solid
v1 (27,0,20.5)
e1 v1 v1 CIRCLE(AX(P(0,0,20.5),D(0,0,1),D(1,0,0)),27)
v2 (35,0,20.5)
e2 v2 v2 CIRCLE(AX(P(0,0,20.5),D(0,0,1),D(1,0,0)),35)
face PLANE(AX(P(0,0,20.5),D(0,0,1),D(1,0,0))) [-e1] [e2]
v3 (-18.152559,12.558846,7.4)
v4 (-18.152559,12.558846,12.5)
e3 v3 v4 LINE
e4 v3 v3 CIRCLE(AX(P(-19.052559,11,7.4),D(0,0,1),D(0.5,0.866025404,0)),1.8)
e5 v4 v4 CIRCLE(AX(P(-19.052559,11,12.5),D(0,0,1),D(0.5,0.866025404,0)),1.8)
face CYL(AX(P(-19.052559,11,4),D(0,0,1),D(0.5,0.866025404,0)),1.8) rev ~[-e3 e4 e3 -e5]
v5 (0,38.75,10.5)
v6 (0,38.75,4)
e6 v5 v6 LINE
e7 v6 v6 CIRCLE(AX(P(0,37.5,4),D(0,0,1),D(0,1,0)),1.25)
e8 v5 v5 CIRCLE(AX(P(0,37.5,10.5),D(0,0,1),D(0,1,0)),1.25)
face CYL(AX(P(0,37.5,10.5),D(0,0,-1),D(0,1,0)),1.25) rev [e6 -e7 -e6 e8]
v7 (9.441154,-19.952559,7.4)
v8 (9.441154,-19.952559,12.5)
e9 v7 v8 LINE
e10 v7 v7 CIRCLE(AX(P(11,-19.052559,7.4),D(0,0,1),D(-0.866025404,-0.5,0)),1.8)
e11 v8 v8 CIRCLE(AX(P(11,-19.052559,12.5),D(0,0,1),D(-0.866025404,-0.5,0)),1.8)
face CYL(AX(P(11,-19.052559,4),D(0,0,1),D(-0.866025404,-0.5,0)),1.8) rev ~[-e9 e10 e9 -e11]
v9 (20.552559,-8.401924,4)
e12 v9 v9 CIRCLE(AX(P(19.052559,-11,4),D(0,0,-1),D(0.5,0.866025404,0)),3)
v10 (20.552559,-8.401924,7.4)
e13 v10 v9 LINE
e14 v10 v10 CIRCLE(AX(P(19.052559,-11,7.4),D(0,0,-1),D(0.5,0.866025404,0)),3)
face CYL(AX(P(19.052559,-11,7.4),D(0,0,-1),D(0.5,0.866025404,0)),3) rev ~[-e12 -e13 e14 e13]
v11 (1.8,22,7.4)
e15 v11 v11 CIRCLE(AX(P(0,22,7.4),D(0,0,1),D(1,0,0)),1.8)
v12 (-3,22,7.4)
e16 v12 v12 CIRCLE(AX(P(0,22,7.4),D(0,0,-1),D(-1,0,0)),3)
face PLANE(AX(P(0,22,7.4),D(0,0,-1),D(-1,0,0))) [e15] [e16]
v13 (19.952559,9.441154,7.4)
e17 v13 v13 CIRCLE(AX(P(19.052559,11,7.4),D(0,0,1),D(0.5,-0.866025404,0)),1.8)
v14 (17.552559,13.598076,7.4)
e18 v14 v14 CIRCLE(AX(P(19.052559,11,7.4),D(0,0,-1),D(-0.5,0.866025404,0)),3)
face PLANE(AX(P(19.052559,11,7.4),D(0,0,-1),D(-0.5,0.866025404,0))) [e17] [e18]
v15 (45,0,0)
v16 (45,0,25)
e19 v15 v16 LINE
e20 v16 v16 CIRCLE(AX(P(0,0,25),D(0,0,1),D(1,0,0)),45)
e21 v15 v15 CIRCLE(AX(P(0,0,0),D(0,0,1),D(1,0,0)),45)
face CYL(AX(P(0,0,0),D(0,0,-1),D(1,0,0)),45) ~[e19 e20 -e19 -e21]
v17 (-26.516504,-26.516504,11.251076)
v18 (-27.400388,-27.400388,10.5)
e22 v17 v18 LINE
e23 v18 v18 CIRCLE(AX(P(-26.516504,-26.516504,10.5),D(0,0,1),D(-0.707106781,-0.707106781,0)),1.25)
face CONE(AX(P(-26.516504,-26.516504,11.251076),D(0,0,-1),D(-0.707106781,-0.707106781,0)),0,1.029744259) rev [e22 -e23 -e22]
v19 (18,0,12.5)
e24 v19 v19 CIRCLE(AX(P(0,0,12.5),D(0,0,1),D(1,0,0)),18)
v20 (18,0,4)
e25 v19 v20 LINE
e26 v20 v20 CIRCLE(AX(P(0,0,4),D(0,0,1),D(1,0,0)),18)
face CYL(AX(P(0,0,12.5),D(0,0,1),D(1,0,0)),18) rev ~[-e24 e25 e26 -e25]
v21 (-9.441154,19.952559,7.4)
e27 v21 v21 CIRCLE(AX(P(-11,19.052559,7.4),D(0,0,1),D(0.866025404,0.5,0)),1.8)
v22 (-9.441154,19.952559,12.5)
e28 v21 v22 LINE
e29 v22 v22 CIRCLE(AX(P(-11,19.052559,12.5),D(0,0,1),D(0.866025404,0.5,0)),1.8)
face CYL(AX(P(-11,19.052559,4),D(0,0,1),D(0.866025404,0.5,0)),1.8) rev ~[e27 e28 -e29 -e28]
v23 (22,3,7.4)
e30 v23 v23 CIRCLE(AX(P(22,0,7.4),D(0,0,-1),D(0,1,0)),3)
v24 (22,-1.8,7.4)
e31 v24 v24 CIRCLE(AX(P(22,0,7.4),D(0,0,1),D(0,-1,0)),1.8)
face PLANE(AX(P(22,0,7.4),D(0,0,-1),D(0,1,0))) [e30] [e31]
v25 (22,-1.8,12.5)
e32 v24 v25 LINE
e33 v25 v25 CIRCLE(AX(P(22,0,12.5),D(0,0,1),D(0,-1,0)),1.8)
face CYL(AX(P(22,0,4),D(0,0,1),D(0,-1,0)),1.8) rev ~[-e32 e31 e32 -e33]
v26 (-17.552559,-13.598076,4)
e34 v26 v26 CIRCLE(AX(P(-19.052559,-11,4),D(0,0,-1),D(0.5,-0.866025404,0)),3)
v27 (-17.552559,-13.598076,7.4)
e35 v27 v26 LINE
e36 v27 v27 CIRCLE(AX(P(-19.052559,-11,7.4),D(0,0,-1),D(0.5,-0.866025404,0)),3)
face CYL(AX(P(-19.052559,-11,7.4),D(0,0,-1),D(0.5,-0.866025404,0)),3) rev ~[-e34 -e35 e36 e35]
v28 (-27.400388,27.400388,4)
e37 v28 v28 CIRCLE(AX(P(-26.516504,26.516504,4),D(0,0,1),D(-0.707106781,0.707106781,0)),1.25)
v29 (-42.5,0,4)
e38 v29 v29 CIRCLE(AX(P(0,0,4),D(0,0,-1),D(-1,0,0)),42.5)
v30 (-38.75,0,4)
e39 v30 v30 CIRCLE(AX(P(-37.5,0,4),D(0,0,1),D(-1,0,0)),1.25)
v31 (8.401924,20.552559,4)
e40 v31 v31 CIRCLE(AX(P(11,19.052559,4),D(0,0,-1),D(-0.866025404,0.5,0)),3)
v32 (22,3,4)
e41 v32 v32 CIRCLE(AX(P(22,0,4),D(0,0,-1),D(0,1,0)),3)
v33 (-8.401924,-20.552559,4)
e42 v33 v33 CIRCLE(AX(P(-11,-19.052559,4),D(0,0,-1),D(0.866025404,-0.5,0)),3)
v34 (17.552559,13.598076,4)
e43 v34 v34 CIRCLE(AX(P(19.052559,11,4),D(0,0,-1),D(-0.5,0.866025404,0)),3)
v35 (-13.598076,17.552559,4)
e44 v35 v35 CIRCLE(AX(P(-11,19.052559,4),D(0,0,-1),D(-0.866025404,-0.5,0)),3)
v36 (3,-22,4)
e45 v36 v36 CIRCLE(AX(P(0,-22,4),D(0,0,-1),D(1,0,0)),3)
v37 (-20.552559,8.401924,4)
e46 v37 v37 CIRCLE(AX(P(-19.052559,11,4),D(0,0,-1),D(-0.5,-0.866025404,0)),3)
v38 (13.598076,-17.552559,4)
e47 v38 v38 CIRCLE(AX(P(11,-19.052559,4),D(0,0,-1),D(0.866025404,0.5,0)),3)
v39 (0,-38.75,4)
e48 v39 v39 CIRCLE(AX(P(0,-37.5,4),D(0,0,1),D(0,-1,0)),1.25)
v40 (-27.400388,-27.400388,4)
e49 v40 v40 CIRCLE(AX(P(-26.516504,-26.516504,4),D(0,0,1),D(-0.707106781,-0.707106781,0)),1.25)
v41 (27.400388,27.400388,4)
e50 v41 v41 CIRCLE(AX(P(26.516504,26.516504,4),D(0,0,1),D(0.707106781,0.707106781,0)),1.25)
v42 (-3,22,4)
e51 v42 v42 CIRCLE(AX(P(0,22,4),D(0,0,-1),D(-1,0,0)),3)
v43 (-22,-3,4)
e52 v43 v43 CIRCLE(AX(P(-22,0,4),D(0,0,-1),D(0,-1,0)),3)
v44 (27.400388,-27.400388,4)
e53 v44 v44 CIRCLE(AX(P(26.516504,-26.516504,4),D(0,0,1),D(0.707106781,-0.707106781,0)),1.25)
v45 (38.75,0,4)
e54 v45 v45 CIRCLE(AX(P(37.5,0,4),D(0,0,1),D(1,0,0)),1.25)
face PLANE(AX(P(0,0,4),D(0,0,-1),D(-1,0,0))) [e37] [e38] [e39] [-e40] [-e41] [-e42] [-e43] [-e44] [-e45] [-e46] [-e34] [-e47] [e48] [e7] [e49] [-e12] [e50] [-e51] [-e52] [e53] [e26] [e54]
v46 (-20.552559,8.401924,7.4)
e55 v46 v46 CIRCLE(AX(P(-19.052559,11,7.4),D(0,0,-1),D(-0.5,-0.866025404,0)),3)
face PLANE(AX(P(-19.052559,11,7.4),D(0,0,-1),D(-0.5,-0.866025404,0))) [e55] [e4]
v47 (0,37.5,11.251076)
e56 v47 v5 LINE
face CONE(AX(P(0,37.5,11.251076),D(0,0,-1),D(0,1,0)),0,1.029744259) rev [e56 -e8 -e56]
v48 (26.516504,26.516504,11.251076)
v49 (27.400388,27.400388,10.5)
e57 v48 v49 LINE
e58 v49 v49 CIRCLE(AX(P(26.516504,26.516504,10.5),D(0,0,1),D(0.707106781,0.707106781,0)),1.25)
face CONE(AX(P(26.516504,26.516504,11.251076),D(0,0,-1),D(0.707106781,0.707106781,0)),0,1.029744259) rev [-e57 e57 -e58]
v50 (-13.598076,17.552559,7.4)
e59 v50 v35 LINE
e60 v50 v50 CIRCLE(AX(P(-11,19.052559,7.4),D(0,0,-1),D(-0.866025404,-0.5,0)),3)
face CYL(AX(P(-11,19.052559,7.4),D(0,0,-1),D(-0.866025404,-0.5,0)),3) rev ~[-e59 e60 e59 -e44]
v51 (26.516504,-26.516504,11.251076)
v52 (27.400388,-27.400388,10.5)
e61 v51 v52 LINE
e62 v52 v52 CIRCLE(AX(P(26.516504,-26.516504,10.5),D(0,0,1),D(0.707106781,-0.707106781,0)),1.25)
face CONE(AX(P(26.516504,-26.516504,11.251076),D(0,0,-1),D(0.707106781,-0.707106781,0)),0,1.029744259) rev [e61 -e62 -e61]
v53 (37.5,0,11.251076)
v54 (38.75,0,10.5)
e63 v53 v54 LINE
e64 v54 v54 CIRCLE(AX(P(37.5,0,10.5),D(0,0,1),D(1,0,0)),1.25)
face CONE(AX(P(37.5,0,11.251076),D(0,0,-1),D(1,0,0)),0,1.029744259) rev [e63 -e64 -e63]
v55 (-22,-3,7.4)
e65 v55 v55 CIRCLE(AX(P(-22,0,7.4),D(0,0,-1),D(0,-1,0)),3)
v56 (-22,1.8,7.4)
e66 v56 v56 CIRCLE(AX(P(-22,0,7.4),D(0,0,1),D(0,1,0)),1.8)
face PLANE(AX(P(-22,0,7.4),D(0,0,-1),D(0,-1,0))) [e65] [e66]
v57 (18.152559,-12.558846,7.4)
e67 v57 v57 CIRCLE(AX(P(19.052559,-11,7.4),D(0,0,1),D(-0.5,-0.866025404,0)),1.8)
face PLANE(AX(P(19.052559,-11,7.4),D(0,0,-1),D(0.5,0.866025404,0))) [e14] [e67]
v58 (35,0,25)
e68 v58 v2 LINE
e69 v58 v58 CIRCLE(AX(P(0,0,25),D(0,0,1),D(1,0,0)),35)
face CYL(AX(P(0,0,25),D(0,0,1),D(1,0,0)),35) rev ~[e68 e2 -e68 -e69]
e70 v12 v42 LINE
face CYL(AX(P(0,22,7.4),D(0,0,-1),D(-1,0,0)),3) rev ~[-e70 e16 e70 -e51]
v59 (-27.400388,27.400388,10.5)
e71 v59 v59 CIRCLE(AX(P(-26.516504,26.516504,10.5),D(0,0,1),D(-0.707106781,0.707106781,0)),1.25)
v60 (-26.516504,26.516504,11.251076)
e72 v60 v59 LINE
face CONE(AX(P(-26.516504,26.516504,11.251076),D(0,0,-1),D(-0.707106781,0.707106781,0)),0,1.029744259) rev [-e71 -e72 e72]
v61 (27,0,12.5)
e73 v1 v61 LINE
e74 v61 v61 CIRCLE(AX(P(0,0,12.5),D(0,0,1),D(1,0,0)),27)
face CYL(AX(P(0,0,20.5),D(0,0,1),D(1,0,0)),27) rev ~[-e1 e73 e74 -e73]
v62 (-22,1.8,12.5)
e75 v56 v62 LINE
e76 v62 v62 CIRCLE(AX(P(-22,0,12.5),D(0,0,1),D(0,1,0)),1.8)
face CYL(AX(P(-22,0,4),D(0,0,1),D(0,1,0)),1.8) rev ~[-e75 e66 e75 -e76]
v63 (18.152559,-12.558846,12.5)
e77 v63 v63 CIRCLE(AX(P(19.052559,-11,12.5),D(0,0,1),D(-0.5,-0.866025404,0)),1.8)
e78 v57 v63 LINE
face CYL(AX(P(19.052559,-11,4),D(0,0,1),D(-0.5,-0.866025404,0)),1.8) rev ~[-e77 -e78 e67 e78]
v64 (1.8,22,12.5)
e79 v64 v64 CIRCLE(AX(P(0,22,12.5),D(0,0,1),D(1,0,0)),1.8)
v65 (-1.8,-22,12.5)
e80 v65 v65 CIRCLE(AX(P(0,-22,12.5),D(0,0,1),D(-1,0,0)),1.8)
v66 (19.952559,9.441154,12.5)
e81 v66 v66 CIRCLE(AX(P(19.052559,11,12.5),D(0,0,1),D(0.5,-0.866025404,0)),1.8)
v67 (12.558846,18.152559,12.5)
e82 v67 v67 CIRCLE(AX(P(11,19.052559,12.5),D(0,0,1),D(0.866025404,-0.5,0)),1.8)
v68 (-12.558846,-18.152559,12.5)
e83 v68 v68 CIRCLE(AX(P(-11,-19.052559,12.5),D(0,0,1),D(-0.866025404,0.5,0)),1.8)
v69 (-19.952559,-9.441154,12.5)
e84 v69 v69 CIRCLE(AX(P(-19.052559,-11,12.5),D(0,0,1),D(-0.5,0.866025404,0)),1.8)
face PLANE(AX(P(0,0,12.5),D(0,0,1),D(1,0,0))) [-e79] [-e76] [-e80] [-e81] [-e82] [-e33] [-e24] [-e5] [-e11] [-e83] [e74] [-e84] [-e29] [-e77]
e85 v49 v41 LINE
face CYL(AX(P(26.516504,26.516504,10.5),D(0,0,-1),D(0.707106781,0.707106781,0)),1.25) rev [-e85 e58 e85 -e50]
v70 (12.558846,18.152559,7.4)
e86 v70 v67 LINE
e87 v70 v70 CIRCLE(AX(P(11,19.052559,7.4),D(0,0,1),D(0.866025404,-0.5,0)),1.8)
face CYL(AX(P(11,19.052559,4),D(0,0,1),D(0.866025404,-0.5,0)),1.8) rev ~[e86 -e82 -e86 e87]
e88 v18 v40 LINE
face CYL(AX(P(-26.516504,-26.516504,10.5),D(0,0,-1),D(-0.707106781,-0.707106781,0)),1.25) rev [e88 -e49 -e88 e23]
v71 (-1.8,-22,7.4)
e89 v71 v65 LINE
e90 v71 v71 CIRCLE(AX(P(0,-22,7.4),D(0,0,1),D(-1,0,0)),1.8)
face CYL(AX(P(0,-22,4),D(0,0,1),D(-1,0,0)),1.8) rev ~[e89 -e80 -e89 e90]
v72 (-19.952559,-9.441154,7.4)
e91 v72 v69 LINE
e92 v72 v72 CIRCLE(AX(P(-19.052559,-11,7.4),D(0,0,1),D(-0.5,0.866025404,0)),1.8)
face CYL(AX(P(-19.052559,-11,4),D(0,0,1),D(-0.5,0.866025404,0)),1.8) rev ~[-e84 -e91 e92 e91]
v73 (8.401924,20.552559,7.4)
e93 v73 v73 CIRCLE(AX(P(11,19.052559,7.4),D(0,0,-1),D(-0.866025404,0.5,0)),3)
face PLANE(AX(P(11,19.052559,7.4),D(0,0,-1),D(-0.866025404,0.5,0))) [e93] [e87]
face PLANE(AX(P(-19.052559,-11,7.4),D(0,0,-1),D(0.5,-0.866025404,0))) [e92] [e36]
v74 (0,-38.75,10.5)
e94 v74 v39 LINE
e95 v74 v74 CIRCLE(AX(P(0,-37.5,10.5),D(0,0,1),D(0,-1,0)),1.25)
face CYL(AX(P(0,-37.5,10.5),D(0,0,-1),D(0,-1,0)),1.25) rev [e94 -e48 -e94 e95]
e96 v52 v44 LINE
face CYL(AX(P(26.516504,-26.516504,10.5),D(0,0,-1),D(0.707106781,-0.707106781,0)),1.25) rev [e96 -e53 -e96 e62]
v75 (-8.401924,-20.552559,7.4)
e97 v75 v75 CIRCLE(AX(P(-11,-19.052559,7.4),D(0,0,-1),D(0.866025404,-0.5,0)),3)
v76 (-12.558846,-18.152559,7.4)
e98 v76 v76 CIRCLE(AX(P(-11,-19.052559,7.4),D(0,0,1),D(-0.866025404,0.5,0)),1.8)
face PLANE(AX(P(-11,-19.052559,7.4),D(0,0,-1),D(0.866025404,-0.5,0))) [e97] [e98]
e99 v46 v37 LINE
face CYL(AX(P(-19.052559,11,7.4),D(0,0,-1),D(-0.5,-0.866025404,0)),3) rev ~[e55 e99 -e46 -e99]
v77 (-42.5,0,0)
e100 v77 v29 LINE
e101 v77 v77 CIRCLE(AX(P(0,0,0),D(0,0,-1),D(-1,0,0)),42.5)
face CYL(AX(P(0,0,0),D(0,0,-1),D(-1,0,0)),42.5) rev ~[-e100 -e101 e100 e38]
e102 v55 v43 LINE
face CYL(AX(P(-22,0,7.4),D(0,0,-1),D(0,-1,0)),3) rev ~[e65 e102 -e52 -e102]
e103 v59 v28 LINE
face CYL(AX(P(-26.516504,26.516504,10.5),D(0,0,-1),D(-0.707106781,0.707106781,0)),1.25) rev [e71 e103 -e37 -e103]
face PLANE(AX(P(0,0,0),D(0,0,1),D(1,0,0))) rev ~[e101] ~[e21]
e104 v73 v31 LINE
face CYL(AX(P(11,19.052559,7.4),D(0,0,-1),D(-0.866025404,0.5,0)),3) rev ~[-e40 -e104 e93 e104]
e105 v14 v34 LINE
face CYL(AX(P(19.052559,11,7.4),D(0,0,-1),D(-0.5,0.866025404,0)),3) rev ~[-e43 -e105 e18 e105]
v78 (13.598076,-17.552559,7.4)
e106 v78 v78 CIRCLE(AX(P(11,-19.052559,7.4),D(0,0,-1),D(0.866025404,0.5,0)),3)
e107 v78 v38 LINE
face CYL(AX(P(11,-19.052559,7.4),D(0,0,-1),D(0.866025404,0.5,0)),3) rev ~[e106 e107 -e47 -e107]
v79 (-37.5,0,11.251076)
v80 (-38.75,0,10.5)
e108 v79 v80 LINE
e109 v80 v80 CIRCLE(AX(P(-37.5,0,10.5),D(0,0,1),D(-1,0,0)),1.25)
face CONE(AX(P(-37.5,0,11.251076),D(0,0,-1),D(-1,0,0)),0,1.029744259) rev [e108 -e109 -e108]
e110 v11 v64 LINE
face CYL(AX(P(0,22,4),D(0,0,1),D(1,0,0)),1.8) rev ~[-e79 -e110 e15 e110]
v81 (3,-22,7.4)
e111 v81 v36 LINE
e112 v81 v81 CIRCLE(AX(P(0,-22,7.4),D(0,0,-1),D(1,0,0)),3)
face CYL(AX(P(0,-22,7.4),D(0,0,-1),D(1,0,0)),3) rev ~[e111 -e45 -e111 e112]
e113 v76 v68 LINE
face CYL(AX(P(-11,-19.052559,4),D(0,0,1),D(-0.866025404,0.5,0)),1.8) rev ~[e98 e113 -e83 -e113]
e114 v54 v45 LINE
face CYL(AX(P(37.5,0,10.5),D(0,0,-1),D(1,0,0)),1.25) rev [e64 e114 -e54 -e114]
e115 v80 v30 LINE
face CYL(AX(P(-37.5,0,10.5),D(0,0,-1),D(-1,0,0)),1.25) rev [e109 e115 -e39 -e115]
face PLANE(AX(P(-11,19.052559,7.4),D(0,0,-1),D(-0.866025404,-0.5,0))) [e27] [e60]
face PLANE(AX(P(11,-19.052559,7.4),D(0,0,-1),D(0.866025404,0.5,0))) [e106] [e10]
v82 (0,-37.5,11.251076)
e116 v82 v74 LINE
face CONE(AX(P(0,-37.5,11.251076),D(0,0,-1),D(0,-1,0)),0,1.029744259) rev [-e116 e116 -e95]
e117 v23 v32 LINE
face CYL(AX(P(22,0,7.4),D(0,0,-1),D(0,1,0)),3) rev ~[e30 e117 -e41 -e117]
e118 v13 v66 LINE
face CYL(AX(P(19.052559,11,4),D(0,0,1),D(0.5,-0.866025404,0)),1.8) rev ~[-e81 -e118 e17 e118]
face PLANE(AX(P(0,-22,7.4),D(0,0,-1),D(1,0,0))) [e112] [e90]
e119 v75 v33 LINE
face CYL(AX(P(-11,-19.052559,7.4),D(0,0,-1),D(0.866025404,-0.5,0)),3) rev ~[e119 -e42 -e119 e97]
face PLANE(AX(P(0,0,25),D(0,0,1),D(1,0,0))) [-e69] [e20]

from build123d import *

# Parameters (mm, degrees)
SKETCH_1_R                = 45
EXTRUDE_2_DEPTH           = 25
SKETCH_2_R                = 35
CUT_EXTRUDE_1_DEPTH       = 4.5
SKETCH_3_R                = 27
CUT_EXTRUDE_2_DEPTH       = 8
SKETCH_4_R                = 18
CUT_EXTRUDE_3_DEPTH       = 8.5
SKETCH_10_R               = 42.5
CUT_EXTRUDE_5_DEPTH       = 4
HOLE_WIZARD_2_D           = 3.6
HOLE_WIZARD_2_CBORE_D     = 6
HOLE_WIZARD_2_CBORE_DEPTH = 3.4
PATTERN_CIRCULAR_2_COUNT  = 12
PATTERN_CIRCULAR_3_COUNT  = 8


with BuildPart() as part:
    # 草图1 → 凸台-拉伸2 (new body)
    with BuildSketch(Plane.XY):
        Circle(SKETCH_1_R)
    extrude(amount=EXTRUDE_2_DEPTH)

    # 草图2 → 切除-拉伸1 (cut)
    with BuildSketch(Plane.XY.offset(25)):
        Circle(SKETCH_2_R)
    extrude(amount=-CUT_EXTRUDE_1_DEPTH, mode=Mode.SUBTRACT)

    # 草图3 → 切除-拉伸2 (cut)
    with BuildSketch(Plane.XY.offset(20.5)):
        Circle(SKETCH_3_R)
    extrude(amount=-CUT_EXTRUDE_2_DEPTH, mode=Mode.SUBTRACT)

    # 草图4 → 切除-拉伸3 (cut)
    with BuildSketch(Plane.XY.offset(12.5)):
        Circle(SKETCH_4_R)
    extrude(amount=-CUT_EXTRUDE_3_DEPTH, mode=Mode.SUBTRACT)

    # 草图10 → 切除-拉伸5 (cut)
    with BuildSketch(Plane(origin=(0, 0, 0), x_dir=(-1, 0, 0), z_dir=(0, 0, -1))):
        Circle(SKETCH_10_R)
    extrude(amount=-CUT_EXTRUDE_5_DEPTH, mode=Mode.SUBTRACT)

    # 打孔尺寸(%根据)内六角圆柱头螺钉的类型2 (through all)
    with Locations(Plane(origin=(0, 0, 4), x_dir=(-1, 0, 0), z_dir=(0, 0, -1))):
        with Locations((0, 22)):
            hole_wizard_2 = CounterBoreHole(HOLE_WIZARD_2_D / 2, HOLE_WIZARD_2_CBORE_D / 2, HOLE_WIZARD_2_CBORE_DEPTH)

    # 阵列(圆周)2: 打孔尺寸(%根据)内六角圆柱头螺钉的类型2 ×12 about axis
    pattern_circular_2_axis = Axis((0, 0, 25), (0, 0, -1))
    for i in range(1, PATTERN_CIRCULAR_2_COUNT):
        add(hole_wizard_2.rotate(pattern_circular_2_axis, i * 360 / PATTERN_CIRCULAR_2_COUNT), mode=Mode.SUBTRACT)

    # 草图17 → M3 螺纹孔1 (revolve, cut)
    with BuildSketch(Plane(origin=(0, 37.5, 4), x_dir=(0, 1, 0), z_dir=(1, 0, 0))):
        Polygon((0, 0), (0, 7.251075774), (1.25, 6.5), (1.25, 0), align=None)
    hole_wizard_m3_1 = revolve(axis=Axis((0, 37.5, -2.35), (0, 0, 1)), mode=Mode.SUBTRACT)

    # 阵列(圆周)3: M3 螺纹孔1 ×8 about axis
    pattern_circular_3_axis = Axis((0, 0, 25), (0, 0, -1))
    for i in range(1, PATTERN_CIRCULAR_3_COUNT):
        add(hole_wizard_m3_1.rotate(pattern_circular_3_axis, i * 360 / PATTERN_CIRCULAR_3_COUNT), mode=Mode.SUBTRACT)


solid = part.part
